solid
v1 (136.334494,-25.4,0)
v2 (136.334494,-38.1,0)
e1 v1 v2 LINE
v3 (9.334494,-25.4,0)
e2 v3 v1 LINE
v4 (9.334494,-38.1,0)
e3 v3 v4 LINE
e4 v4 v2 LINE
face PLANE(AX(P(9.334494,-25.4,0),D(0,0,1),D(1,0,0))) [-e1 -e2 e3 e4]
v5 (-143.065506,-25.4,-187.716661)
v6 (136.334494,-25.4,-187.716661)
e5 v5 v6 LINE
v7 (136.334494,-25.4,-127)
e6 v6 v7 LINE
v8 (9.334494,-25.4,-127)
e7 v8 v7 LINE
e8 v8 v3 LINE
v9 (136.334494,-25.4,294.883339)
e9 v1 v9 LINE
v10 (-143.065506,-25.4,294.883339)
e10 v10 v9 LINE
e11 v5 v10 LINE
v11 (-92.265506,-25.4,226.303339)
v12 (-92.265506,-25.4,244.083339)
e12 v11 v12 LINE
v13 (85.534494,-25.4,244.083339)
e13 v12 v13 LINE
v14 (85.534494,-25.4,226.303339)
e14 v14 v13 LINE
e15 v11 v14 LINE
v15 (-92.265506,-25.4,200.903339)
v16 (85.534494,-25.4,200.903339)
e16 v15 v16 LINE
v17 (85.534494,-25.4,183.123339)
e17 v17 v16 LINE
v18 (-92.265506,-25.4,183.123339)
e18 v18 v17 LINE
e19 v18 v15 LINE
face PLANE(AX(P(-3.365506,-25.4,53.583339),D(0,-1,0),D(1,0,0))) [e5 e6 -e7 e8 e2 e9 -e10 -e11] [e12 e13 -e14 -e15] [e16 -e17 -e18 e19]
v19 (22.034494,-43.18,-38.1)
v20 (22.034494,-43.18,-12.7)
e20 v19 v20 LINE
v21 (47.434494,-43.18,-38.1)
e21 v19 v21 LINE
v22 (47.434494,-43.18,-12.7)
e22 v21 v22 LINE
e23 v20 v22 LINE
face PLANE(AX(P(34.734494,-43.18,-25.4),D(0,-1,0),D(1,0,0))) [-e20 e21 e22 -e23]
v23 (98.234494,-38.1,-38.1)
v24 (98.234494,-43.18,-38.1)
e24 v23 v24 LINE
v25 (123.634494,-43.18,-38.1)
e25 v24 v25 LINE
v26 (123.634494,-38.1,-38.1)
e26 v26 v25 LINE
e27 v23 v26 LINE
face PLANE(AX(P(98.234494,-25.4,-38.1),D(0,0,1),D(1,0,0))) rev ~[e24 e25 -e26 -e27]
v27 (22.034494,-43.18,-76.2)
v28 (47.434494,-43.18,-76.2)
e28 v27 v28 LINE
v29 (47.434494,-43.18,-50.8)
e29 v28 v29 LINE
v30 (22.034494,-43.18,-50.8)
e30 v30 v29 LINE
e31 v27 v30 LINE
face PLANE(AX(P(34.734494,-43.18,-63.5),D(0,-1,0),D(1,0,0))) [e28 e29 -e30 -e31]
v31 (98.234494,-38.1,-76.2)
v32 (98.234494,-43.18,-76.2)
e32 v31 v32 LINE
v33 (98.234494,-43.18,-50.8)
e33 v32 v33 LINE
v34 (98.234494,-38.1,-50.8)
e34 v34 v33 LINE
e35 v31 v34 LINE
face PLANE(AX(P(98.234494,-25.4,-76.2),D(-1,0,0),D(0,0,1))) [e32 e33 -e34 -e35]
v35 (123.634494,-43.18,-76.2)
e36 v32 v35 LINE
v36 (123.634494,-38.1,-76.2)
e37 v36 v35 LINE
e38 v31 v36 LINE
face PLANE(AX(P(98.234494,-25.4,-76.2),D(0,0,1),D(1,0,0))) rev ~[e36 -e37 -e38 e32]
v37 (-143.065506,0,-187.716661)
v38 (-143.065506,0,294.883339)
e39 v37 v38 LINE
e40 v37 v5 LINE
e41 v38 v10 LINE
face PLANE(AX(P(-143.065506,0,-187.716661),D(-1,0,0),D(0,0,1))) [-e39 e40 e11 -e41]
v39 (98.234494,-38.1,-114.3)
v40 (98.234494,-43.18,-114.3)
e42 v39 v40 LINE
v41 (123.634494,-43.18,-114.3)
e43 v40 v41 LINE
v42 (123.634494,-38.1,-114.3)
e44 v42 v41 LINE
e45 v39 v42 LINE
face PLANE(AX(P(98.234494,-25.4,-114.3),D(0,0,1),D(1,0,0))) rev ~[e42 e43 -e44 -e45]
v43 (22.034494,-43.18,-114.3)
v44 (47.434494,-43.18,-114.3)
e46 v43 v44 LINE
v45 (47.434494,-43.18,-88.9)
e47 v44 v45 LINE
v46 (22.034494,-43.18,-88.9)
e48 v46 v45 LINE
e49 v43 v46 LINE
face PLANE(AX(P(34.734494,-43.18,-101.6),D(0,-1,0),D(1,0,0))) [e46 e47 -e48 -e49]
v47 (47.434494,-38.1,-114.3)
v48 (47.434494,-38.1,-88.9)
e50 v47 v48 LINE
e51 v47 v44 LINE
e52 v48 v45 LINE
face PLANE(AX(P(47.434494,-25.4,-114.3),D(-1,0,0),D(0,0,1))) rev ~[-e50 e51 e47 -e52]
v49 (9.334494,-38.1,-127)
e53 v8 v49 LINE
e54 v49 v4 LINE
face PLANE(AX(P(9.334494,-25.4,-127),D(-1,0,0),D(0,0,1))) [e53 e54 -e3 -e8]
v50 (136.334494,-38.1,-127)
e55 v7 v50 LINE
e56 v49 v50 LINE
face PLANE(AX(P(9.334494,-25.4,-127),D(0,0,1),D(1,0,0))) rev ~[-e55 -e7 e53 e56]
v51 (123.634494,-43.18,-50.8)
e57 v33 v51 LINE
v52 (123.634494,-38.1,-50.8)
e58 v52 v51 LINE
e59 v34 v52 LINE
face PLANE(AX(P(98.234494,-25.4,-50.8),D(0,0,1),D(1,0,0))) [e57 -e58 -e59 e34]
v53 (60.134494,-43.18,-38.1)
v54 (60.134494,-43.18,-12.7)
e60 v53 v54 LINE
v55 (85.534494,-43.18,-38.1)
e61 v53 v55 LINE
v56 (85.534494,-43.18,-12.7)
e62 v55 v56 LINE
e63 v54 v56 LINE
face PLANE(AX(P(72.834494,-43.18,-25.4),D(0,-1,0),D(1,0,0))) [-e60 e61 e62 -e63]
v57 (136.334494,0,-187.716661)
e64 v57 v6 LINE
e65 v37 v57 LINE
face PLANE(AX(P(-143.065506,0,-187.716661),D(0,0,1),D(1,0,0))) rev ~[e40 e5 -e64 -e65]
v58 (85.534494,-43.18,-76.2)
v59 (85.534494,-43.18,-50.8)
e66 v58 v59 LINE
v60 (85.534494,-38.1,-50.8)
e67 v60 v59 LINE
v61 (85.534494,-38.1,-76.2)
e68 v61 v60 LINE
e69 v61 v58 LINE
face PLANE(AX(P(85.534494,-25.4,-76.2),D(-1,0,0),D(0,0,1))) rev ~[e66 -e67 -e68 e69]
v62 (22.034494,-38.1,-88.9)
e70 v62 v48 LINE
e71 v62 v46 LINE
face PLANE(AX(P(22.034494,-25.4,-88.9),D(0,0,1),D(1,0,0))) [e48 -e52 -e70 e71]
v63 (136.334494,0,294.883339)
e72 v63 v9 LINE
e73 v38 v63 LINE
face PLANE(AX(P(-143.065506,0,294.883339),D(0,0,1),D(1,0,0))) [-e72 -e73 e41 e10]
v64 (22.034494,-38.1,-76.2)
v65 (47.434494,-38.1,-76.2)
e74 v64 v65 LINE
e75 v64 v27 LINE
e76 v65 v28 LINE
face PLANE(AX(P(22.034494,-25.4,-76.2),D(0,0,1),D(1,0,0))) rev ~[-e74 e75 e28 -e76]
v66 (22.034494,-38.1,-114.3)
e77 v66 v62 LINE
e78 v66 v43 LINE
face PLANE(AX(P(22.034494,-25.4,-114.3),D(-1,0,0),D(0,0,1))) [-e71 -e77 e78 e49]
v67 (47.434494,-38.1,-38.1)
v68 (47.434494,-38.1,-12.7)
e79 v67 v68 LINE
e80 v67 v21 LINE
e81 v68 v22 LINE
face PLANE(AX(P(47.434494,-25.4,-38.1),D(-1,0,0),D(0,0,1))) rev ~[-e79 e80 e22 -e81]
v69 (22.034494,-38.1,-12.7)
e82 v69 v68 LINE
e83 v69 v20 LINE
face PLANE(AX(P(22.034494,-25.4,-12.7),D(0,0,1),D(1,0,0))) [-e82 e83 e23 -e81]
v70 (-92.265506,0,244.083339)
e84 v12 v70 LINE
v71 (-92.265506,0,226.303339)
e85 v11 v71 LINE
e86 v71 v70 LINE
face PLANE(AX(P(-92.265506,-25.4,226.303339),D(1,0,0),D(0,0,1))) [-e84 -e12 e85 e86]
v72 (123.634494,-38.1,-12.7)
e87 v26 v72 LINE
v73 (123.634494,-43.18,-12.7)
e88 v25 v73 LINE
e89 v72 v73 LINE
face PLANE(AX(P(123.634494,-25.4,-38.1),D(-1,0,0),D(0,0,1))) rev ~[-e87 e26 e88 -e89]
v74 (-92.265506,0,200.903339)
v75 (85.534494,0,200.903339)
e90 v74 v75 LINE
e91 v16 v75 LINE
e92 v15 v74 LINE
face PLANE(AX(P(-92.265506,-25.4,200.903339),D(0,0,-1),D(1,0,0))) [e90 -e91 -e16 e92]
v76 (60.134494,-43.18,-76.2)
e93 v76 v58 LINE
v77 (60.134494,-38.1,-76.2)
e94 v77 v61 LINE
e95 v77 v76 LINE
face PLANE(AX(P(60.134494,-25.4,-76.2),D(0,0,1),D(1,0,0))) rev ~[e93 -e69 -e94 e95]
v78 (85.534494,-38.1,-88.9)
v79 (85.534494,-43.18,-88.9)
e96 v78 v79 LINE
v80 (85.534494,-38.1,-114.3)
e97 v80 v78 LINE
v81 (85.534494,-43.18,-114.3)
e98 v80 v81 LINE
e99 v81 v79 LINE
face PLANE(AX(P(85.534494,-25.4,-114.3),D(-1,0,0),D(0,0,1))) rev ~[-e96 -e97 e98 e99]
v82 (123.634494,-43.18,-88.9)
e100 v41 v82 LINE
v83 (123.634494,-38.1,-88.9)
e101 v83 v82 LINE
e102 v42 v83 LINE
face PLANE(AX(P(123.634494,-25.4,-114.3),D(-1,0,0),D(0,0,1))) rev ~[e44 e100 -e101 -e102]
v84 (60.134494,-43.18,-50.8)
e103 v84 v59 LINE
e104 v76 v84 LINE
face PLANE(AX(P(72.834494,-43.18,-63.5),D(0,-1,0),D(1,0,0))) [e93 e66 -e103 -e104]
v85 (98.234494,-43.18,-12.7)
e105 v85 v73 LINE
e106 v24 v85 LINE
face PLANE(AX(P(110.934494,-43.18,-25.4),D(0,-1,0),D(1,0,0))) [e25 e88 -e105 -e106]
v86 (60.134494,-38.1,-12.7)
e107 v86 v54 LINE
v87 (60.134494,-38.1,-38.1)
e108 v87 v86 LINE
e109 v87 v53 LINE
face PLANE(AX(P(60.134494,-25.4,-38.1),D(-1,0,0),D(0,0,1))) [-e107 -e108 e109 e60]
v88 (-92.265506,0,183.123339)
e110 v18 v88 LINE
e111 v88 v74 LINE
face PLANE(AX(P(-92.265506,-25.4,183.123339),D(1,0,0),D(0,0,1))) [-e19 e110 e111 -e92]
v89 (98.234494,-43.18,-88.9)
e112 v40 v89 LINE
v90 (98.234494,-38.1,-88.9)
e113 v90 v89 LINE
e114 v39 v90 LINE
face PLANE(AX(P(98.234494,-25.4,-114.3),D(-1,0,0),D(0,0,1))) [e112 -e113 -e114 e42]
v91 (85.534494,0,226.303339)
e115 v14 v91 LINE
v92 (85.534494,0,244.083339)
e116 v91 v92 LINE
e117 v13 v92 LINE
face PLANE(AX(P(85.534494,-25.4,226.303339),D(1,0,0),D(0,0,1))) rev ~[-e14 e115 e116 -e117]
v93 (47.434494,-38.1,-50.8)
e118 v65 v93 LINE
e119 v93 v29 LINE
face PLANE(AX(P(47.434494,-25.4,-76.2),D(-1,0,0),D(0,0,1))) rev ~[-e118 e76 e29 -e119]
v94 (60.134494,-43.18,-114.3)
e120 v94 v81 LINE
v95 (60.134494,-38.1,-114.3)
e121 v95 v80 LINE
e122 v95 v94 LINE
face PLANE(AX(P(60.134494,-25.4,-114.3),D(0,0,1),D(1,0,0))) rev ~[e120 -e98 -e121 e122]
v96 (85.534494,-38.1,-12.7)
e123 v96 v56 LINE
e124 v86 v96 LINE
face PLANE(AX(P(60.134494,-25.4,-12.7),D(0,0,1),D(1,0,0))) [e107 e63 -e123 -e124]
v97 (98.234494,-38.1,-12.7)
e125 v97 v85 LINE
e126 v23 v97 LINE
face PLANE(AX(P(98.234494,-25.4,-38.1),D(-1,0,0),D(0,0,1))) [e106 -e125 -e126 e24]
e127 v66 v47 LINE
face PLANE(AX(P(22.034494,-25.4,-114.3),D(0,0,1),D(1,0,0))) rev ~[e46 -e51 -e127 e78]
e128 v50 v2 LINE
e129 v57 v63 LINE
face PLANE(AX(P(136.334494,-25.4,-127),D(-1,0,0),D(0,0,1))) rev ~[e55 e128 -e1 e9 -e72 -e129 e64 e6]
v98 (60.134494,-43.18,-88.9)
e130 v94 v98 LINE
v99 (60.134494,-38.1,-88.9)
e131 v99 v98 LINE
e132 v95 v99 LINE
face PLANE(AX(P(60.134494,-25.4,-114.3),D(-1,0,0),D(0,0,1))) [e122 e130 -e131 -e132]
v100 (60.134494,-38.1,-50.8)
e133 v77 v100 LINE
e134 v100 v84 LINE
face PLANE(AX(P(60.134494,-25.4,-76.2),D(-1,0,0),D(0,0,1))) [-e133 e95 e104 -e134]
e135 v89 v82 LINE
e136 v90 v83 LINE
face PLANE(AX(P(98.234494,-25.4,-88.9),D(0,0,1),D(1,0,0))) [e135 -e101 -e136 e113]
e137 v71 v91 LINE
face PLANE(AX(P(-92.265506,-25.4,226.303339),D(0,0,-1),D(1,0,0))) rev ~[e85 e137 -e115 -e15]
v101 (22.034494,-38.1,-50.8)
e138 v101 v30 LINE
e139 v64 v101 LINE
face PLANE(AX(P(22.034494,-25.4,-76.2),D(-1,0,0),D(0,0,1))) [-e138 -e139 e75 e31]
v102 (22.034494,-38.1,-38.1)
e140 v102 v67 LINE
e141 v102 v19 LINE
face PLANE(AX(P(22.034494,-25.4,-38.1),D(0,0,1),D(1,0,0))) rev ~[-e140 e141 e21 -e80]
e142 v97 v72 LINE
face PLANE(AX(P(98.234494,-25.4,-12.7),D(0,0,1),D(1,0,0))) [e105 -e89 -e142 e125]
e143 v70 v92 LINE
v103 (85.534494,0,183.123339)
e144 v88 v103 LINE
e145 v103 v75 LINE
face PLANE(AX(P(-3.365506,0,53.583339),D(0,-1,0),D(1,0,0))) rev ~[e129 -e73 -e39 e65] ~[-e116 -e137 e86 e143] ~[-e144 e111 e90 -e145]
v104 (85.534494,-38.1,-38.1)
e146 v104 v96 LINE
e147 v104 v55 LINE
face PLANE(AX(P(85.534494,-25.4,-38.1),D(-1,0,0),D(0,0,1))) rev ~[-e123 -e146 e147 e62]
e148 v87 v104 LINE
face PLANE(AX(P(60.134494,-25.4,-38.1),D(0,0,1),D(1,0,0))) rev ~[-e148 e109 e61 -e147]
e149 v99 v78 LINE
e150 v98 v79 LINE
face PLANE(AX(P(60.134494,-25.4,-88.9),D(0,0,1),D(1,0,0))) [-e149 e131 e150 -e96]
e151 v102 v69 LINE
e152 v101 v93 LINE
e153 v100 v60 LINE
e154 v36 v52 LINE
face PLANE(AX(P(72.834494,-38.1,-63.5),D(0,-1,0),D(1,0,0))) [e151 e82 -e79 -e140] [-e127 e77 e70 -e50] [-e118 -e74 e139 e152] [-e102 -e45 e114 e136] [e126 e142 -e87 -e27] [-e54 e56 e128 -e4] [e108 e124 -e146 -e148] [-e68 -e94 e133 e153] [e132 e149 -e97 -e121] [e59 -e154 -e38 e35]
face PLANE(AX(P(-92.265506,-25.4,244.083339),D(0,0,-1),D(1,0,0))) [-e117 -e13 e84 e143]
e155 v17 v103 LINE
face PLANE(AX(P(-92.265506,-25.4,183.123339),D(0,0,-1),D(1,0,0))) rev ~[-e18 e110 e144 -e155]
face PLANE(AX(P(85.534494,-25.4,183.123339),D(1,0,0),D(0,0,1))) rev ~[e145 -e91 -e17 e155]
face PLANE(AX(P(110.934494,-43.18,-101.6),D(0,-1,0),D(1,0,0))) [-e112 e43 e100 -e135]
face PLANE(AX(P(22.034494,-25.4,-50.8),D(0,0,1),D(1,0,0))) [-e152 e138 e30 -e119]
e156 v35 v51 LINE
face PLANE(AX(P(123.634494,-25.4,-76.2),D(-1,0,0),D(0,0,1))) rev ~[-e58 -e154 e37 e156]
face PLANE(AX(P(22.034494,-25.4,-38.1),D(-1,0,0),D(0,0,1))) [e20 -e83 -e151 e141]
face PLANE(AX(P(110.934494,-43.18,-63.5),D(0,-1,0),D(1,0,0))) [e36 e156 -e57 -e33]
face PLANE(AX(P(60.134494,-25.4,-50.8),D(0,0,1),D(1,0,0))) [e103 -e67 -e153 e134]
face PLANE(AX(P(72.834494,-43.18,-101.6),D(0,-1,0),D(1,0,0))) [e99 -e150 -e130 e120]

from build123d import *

# Parameters (mm, degrees)
F0_W     = 279.4
F0_H     = 482.6
F1_DEPTH = 25.4
F2_W     = 177.8
F2_H     = 17.78
F3_DEPTH = 25.4
F4_W     = 25.4
F4_H     = 25.4
F5_DEPTH = 17.78
F4_W_2   = 127
F4_H_2   = 127
F6_DEPTH = 12.7


with BuildPart() as f1:
    # F0 (on Front) → F1 (new body)
    with BuildSketch(Plane.XZ):
        with Locations((-3.365506, 53.583339)):
            Rectangle(F0_W, F0_H)
    extrude(amount=F1_DEPTH)

    # F2 (on face) → F3 (cut)
    with BuildSketch(Plane.XZ.offset(25.4)):
        with Locations((-3.365506, 235.193339)):
            Rectangle(F2_W, F2_H)
        with Locations((-3.365506, 192.013339)):
            Rectangle(F2_W, F2_H)
    extrude(amount=-F3_DEPTH, mode=Mode.SUBTRACT)

    # F4 (on face) → F5 (join)
    with BuildSketch(Plane.XZ.offset(25.4)):
        with Locations((34.734494, -101.6)):
            Rectangle(F4_W, F4_H)
        with Locations((72.834494, -101.6)):
            Rectangle(F4_W, F4_H)
        with Locations((110.934494, -101.6)):
            Rectangle(F4_W, F4_H)
        with Locations((110.934494, -63.5)):
            Rectangle(F4_W, F4_H)
        with Locations((72.834494, -63.5)):
            Rectangle(F4_W, F4_H)
        with Locations((34.734494, -63.5)):
            Rectangle(F4_W, F4_H)
        with Locations((34.734494, -25.4)):
            Rectangle(F4_W, F4_H)
        with Locations((72.834494, -25.4)):
            Rectangle(F4_W, F4_H)
        with Locations((110.934494, -25.4)):
            Rectangle(F4_W, F4_H)
    extrude(amount=F5_DEPTH)

    # F4 (on face) → F6 (join)
    with BuildSketch(Plane.XZ.offset(25.4)):
        with Locations((72.834494, -63.5)):
            Rectangle(F4_W_2, F4_H_2)
        with Locations((34.734494, -101.6)):
            Rectangle(F4_W, F4_H, mode=Mode.SUBTRACT)
        with Locations((72.834494, -101.6)):
            Rectangle(F4_W, F4_H, mode=Mode.SUBTRACT)
        with Locations((110.934494, -101.6)):
            Rectangle(F4_W, F4_H, mode=Mode.SUBTRACT)
        with Locations((34.734494, -63.5)):
            Rectangle(F4_W, F4_H, mode=Mode.SUBTRACT)
        with Locations((34.734494, -25.4)):
            Rectangle(F4_W, F4_H, mode=Mode.SUBTRACT)
        with Locations((72.834494, -63.5)):
            Rectangle(F4_W, F4_H, mode=Mode.SUBTRACT)
        with Locations((72.834494, -25.4)):
            Rectangle(F4_W, F4_H, mode=Mode.SUBTRACT)
        with Locations((110.934494, -63.5)):
            Rectangle(F4_W, F4_H, mode=Mode.SUBTRACT)
        with Locations((110.934494, -25.4)):
            Rectangle(F4_W, F4_H, mode=Mode.SUBTRACT)
    extrude(amount=F6_DEPTH)


solid = f1.part
